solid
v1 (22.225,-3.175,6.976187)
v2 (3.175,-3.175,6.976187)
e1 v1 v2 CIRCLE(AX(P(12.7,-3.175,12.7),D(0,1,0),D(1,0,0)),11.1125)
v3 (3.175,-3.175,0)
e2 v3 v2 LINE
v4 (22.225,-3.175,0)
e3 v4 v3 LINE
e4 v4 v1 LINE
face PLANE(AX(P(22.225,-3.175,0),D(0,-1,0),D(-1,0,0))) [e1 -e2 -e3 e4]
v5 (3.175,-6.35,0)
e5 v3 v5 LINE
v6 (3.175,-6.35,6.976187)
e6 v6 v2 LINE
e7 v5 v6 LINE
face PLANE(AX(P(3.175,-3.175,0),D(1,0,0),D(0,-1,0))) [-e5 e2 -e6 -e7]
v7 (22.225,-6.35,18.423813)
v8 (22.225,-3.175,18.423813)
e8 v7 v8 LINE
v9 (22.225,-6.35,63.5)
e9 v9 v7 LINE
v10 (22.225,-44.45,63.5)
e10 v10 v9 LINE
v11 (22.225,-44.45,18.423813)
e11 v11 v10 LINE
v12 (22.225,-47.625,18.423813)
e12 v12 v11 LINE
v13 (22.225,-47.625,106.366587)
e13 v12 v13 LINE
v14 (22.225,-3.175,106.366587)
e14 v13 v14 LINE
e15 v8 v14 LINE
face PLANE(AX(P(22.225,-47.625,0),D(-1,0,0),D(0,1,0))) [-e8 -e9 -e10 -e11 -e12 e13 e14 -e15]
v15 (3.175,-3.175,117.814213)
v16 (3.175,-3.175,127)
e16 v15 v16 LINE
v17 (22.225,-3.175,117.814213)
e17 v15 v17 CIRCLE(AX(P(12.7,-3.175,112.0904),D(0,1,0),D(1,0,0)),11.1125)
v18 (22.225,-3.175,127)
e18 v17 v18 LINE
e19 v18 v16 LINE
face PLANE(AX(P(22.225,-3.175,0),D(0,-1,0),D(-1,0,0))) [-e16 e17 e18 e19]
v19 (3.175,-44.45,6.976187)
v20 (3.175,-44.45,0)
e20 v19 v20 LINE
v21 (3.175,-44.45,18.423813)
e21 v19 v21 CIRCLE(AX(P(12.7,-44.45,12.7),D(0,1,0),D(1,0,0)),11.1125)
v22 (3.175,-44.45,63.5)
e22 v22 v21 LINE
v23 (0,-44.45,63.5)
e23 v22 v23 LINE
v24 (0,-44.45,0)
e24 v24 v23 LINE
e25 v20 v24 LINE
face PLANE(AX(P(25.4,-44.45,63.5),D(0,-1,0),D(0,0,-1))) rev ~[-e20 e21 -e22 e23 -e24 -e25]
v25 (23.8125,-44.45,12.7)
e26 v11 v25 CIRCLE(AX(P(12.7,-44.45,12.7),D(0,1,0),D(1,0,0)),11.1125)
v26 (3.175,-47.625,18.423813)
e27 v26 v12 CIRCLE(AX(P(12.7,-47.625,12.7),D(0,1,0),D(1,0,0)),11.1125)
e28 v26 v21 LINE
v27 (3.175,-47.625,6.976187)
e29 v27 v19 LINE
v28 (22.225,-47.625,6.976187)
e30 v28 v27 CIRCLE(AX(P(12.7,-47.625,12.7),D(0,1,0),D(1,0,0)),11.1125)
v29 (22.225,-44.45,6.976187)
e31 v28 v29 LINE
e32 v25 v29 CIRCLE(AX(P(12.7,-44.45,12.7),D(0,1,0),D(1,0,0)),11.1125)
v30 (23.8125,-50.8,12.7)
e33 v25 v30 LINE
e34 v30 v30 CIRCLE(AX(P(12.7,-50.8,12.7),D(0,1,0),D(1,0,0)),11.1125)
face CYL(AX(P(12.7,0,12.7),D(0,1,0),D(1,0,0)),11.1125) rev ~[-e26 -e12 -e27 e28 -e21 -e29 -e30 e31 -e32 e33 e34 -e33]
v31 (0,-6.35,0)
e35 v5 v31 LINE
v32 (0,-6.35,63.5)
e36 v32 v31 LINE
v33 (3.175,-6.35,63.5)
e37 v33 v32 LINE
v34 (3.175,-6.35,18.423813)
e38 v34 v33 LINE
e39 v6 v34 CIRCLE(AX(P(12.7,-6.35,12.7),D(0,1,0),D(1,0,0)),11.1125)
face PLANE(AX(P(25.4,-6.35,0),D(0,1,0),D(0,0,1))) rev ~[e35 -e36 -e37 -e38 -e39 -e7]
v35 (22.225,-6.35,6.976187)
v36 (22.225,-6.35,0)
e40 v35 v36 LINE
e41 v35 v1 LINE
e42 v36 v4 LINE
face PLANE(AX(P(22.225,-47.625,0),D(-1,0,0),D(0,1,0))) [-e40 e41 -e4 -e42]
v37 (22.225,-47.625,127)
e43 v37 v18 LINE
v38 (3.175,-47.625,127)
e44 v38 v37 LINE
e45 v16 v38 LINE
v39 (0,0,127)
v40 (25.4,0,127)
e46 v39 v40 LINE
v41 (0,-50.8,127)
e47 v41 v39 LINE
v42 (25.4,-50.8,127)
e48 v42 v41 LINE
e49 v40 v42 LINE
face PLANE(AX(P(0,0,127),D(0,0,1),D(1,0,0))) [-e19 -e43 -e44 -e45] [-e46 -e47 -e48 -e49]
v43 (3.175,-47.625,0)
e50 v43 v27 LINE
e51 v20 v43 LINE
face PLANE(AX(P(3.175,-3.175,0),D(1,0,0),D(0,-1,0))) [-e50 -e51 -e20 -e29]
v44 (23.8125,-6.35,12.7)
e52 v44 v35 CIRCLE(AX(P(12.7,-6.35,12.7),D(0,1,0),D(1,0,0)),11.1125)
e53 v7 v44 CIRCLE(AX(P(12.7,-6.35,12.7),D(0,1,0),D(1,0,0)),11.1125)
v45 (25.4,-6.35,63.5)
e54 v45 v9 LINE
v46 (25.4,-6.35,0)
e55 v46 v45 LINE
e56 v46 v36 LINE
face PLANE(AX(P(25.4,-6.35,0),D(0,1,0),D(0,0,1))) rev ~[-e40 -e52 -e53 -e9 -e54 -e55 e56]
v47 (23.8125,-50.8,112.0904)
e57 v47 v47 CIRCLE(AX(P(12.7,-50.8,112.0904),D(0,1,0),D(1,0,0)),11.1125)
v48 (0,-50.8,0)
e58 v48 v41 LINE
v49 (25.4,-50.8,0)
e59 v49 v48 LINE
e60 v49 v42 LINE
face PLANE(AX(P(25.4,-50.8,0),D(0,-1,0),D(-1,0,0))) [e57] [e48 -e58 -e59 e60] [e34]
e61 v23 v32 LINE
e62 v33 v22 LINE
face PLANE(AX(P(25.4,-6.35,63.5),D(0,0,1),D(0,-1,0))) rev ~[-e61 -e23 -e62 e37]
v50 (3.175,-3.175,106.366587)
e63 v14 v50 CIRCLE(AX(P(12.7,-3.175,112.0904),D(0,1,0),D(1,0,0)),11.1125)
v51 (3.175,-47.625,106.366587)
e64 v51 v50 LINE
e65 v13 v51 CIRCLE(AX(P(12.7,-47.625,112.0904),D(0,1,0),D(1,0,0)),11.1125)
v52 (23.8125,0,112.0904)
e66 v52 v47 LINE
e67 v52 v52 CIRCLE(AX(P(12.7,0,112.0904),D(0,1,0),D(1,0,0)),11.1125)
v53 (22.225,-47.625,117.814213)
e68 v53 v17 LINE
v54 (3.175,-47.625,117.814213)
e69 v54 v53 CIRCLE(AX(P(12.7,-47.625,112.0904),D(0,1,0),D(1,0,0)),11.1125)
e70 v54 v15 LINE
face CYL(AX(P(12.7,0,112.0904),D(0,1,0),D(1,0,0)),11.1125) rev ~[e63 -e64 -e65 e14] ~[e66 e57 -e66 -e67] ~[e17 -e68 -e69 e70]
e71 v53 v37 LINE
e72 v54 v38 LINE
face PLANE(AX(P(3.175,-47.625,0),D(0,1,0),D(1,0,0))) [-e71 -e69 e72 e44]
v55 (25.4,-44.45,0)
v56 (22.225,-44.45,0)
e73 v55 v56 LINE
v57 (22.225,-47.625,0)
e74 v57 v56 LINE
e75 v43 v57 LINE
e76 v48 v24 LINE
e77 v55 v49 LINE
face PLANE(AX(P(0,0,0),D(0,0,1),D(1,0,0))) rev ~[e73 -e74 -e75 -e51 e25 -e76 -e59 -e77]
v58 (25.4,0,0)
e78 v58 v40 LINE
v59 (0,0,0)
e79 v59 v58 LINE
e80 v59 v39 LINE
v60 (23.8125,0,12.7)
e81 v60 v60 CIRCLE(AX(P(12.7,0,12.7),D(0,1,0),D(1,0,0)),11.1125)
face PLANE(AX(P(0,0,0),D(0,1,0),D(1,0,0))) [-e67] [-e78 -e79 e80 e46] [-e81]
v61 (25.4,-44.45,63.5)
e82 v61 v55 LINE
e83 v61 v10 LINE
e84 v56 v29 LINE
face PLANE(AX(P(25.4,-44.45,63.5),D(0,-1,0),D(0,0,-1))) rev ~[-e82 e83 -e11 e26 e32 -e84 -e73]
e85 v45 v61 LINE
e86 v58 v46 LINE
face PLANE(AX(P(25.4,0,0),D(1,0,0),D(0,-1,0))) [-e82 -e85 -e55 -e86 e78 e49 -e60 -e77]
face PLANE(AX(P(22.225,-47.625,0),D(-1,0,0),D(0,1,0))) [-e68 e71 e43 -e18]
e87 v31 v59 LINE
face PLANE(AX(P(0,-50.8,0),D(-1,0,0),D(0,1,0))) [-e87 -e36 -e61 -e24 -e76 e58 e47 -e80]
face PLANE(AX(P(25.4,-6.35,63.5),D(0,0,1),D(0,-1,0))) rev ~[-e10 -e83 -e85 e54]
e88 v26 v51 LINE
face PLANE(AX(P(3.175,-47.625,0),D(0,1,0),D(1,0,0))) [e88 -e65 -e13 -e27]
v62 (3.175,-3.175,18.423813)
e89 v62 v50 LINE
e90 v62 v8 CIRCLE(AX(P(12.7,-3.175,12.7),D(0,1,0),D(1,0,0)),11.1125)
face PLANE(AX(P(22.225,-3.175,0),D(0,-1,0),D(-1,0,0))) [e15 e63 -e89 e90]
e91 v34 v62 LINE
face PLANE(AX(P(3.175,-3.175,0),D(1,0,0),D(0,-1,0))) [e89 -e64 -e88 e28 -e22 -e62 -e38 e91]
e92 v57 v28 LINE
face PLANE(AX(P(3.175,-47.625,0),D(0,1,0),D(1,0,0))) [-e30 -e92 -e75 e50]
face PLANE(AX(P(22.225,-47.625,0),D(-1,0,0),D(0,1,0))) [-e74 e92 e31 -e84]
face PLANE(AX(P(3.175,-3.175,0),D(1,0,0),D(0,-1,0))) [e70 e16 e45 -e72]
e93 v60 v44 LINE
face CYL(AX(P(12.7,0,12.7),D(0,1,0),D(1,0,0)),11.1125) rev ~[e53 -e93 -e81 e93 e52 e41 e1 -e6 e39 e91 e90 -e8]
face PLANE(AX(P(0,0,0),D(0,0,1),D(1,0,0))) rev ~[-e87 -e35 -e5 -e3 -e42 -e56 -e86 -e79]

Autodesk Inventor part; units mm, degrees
ref_plane "YZ Plane" through (0, 0, 0) normal (1, 0, 0) x (0, 1, 0)
ref_plane "XZ Plane" through (0, 0, 0) normal (0, 1, 0) x (-1, 0, 0)
ref_plane "XY Plane" through (0, 0, 0) normal (0, 0, 1) x (1, 0, 0)
sketch "Sketch1" plane through (0, 0, 0) normal (0, 0, 1) x (1, 0, 0)
  line L0 (0, 0) -> (25.4, 0)
  line L1 (25.4, 0) -> (25.4, -50.8)
  line L2 (25.4, -50.8) -> (0, -50.8)
  line L3 (0, -50.8) -> (0, 0)
  line L4 (22.225, -3.175) -> (3.175, -3.175)
  line L5 (3.175, -3.175) -> (3.175, -47.625)
  line L6 (3.175, -47.625) -> (22.225, -47.625)
  line L7 (22.225, -47.625) -> (22.225, -3.175)
  dimension "d0" = 25.4
  dimension "d1" = 50.8
  dimension "d2" = 3.175
extrude "Extrusion1" add sketch "Sketch1" along normal blind 127
sketch "Sketch2" plane through (0, 0, 0) normal (0, 1, 0) x (1, 0, 0)
  circle A0 centre (12.7, -12.7) radius 11.1125
  line L0 (0, 0) -> (0, -127) projected
  line L1 (0, 0) -> (25.4, 0) projected
  circle A1 centre (12.7, -112.0904) radius 11.1125
  circle A2 centre (12.7, -211.4809) radius 11.1125
  dimension "d5" = 12.7
  dimension "d6" = 12.7
  dimension "d7" = 22.225
  dimension "d8" = 99.3904
  dimension "d9" = 99.3904
  dimension "d10" = 12.7
  dimension "d11" = 22.225
  dimension "d12" = 12.7
  dimension "d13" = 22.225
extrude "Extrusion2" cut sketch "Sketch2" against normal blind 127
sketch "Sketch3" plane through (25.4, -50.8, 0) normal (1, 0, 0) x (0, 0, -1)
  line L0 (0, 44.45) -> (-63.5, 44.45)
  line L1 (-63.5, 44.45) -> (-63.5, 6.35)
  line L2 (-63.5, 6.35) -> (0, 6.35)
  line L3 (0, 6.35) -> (0, 44.45)
  line L4 (0, 50.8) -> (-127, 50.8) projected
  line L5 (0, 0) -> (-127, 0) projected
  line L6 (0, 50.8) -> (0, 0) projected
  dimension "d19" = 6.35
  dimension "d20" = 6.35
  dimension "d21" = 38.1
  dimension "d22" = 63.5
  dimension "d23" = 0
extrude "Extrusion3" cut sketch "Sketch3" against normal blind 127
properties part number "C Arm"
